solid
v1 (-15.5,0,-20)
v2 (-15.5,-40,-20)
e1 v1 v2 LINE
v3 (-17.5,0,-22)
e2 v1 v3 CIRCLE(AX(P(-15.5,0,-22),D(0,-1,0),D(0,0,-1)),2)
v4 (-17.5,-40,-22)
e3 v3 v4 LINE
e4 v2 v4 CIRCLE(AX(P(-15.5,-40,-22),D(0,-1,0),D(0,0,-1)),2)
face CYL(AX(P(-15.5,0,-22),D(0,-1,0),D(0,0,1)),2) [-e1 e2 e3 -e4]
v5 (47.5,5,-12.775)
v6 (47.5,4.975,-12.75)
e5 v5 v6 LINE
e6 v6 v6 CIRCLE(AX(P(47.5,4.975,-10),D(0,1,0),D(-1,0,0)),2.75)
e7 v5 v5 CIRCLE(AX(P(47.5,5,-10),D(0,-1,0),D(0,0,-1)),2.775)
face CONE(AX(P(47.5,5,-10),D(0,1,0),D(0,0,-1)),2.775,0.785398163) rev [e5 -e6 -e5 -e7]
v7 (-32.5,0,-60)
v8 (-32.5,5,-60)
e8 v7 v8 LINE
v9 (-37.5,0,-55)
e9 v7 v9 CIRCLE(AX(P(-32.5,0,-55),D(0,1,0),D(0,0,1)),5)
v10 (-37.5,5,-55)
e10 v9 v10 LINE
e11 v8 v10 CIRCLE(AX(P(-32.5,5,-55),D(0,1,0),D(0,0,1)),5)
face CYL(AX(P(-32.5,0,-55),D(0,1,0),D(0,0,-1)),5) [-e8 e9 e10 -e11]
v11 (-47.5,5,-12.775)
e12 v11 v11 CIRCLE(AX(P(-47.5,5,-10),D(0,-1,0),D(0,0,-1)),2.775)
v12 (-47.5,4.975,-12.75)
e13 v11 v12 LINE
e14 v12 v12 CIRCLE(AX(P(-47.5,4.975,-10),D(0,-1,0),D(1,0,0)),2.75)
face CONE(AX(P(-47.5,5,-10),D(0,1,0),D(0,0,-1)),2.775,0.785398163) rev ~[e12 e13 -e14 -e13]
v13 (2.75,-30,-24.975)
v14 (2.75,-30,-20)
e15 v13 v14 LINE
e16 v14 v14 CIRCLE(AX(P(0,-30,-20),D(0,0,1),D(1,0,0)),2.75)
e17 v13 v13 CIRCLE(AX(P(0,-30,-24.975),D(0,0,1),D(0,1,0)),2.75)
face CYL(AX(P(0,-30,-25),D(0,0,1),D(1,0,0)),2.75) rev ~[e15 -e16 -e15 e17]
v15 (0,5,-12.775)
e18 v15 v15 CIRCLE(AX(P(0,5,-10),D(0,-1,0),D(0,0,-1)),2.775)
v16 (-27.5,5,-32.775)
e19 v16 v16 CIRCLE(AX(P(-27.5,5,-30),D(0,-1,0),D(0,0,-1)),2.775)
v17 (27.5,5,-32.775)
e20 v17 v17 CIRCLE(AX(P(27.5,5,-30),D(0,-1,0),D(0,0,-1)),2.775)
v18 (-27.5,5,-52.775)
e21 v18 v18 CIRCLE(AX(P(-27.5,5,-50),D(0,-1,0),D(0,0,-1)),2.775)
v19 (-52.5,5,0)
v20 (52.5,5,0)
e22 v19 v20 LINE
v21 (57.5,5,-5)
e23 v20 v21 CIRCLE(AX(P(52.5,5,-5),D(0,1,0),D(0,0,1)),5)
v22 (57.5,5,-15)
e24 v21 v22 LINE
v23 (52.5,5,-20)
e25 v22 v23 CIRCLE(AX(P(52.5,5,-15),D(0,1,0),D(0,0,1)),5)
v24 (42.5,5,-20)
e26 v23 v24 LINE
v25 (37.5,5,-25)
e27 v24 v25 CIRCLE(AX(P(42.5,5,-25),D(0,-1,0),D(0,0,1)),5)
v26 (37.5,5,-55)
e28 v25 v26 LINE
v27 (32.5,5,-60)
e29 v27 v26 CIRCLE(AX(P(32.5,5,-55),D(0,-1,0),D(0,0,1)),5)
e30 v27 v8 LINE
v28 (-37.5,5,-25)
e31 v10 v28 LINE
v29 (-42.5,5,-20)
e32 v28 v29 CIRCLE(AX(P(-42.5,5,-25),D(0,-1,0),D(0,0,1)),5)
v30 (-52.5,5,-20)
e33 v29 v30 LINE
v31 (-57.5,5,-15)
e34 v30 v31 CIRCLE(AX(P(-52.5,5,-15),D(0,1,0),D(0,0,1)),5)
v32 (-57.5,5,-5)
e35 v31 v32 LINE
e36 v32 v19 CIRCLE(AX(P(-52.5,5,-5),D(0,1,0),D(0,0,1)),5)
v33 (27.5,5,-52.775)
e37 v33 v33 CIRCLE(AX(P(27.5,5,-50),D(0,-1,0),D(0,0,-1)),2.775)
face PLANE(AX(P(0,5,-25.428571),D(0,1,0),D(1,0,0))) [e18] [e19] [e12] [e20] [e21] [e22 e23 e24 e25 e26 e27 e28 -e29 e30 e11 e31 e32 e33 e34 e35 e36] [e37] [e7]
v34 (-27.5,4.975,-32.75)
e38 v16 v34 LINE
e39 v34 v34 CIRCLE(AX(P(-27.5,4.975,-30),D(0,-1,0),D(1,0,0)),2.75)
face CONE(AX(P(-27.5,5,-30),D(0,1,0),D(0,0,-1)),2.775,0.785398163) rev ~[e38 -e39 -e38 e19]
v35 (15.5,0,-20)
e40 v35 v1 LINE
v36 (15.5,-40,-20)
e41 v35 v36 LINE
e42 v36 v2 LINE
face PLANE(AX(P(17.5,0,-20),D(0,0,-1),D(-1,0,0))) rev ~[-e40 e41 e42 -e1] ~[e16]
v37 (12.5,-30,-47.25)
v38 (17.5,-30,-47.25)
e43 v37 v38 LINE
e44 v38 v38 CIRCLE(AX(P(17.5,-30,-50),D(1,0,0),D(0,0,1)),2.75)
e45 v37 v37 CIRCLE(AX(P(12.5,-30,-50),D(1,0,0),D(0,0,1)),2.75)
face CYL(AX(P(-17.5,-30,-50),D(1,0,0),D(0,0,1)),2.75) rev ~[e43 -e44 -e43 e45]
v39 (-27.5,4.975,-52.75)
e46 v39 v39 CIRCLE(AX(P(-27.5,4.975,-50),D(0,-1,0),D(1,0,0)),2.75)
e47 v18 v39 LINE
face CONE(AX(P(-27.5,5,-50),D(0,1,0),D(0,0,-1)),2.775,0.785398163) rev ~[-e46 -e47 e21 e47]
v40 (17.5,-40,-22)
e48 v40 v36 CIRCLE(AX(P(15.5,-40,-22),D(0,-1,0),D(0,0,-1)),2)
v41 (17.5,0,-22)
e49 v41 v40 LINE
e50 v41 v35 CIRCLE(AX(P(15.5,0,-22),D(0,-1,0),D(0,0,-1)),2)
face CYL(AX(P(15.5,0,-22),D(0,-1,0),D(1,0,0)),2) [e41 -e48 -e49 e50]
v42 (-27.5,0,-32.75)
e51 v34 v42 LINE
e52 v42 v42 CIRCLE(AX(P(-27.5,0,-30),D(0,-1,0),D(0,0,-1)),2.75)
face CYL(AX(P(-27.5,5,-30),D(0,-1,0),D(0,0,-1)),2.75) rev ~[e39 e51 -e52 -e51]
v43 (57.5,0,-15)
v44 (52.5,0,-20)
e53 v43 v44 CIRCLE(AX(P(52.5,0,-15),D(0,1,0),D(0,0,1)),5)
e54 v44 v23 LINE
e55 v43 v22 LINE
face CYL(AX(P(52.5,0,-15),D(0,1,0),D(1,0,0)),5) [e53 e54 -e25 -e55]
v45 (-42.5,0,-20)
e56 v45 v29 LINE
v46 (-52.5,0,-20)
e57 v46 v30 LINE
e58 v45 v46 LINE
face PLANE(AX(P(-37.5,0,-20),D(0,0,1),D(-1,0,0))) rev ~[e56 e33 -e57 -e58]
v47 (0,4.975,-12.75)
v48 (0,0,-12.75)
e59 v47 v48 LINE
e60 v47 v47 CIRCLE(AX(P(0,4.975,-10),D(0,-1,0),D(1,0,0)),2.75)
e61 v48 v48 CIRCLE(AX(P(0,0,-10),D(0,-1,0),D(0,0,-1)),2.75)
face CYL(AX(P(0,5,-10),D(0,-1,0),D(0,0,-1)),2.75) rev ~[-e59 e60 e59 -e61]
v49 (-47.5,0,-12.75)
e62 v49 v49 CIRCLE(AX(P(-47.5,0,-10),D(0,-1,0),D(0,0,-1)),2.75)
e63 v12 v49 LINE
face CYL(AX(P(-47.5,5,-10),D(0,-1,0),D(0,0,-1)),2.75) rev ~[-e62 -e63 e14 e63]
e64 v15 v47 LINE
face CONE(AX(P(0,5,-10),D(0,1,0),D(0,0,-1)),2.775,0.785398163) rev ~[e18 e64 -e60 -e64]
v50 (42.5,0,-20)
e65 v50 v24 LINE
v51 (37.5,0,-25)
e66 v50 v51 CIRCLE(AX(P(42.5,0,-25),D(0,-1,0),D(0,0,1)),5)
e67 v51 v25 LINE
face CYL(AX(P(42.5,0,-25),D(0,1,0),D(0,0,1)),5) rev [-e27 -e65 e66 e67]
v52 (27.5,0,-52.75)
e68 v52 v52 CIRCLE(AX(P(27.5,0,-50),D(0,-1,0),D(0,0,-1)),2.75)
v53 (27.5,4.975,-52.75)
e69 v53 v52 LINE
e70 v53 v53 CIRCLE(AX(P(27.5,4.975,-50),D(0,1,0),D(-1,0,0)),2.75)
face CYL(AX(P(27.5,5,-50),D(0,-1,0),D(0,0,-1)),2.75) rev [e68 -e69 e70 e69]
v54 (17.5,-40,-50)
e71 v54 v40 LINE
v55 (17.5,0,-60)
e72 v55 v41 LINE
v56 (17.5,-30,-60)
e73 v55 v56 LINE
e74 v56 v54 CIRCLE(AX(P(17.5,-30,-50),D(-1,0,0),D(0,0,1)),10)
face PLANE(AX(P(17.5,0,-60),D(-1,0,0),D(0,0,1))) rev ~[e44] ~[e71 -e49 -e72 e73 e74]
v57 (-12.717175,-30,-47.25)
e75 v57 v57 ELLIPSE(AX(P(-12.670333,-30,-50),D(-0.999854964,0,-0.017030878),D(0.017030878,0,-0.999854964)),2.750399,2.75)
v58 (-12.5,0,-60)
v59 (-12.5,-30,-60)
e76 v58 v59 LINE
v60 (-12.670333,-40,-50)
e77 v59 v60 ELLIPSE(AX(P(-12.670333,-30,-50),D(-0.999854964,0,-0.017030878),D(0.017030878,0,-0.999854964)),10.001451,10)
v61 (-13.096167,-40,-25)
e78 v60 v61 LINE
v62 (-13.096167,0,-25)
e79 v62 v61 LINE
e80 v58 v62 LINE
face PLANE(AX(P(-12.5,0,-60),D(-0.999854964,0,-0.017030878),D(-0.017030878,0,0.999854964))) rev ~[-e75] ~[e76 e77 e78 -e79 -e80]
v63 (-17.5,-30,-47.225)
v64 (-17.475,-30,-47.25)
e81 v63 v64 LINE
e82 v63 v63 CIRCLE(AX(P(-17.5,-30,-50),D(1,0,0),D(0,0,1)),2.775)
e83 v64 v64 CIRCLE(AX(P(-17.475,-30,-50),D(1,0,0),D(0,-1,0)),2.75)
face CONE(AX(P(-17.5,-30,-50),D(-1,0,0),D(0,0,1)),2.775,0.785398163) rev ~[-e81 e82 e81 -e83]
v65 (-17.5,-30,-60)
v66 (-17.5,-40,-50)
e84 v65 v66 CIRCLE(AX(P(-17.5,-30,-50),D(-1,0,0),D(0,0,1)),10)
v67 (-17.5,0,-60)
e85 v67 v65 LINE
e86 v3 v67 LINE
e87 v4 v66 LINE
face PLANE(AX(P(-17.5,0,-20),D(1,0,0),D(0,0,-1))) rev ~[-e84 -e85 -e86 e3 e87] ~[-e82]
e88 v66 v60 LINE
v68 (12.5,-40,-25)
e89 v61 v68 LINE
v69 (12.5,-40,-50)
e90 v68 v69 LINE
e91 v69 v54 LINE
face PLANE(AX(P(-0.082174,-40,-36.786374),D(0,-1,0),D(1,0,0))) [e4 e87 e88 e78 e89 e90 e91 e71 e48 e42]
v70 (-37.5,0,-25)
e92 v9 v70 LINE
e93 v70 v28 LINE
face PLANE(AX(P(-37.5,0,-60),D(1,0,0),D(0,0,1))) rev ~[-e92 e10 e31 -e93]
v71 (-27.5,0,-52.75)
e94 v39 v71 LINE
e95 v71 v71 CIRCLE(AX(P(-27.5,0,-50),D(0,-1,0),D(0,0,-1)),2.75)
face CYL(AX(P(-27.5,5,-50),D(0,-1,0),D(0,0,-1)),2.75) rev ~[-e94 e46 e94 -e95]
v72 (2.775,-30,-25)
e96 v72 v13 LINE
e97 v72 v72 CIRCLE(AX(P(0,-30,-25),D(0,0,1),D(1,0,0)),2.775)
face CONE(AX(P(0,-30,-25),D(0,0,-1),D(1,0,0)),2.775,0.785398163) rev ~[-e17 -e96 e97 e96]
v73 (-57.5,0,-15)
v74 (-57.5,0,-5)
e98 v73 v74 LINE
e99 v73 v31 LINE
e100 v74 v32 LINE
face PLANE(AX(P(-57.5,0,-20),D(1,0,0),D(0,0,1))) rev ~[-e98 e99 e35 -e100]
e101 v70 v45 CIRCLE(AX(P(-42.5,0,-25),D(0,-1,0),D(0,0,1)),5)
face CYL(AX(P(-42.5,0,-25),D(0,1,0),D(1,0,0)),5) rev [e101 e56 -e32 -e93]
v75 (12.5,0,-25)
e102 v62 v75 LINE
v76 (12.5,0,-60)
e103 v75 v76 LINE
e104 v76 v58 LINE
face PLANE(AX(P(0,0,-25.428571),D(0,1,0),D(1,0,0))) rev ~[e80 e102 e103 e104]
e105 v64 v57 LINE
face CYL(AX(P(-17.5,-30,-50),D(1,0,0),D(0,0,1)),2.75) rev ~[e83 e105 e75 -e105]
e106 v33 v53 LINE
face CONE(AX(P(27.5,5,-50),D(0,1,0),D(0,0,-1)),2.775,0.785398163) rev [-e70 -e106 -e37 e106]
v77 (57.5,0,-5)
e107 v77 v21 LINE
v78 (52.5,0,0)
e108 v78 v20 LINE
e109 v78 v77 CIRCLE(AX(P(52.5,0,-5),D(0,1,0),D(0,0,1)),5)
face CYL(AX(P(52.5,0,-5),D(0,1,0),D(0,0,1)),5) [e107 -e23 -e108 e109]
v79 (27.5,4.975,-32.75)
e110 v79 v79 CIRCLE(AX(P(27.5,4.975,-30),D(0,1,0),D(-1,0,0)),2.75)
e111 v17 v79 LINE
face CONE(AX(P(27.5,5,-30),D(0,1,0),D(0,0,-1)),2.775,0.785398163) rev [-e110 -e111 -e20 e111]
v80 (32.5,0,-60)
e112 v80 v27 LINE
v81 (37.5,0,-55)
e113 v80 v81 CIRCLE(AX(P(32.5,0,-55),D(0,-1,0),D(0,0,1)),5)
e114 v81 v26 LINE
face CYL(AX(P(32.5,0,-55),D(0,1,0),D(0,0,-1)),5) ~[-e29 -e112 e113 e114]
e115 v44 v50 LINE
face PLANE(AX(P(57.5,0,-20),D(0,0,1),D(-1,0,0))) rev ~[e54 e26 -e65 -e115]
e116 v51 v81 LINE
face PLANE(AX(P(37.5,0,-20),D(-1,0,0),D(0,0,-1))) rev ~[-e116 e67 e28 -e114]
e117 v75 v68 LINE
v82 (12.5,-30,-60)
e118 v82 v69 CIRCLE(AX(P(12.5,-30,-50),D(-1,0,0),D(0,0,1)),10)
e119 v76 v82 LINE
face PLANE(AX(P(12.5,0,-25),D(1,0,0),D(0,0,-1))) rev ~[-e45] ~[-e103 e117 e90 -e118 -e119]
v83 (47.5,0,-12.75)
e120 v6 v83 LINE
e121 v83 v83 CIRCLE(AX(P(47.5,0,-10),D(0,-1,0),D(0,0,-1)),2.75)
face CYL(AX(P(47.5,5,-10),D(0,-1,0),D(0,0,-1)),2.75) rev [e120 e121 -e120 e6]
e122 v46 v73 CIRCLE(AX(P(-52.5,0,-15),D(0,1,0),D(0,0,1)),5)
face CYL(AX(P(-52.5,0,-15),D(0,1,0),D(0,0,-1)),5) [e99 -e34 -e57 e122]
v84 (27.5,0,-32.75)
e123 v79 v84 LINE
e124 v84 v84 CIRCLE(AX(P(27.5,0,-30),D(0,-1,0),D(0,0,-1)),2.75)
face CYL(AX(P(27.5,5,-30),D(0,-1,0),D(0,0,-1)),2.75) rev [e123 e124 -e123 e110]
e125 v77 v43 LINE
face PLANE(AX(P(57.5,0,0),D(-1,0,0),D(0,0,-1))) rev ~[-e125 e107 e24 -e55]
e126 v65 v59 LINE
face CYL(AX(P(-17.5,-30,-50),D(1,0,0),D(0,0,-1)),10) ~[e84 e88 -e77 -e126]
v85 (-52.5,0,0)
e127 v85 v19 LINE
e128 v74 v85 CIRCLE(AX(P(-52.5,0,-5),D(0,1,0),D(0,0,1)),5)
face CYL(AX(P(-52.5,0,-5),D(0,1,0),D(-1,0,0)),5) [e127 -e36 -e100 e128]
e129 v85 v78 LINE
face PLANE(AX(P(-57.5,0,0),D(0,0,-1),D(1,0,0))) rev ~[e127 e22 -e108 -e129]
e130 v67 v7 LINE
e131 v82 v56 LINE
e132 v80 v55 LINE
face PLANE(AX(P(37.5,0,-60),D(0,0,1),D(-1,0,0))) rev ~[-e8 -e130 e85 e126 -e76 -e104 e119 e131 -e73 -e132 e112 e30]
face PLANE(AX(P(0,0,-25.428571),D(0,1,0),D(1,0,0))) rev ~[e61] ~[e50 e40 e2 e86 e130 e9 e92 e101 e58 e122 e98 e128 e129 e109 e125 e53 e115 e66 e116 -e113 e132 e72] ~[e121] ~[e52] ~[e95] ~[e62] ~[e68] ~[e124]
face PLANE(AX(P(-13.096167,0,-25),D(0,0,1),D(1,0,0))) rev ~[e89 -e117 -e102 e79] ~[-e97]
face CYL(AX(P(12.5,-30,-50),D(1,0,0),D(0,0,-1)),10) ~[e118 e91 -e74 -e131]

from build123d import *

# Parameters (mm, degrees)
BOSS_EXTRUDE1_DEPTH            = 5
BOSS_EXTRUDE2_DEPTH            = 40
M5_CLEARANCE_HOLE1_D           = 5.5
M5_CLEARANCE_HOLE1_CSINK_D     = 5.55
M5_CLEARANCE_HOLE1_CSINK_ANGLE = 90
M5_CLEARANCE_HOLE2_D           = 5.5
M5_CLEARANCE_HOLE2_CSINK_D     = 5.55
M5_CLEARANCE_HOLE2_CSINK_ANGLE = 90
FILLET1_R                      = 2
M5_CLEARANCE_HOLE3_D           = 5.5
M5_CLEARANCE_HOLE3_CSINK_D     = 5.55
M5_CLEARANCE_HOLE3_CSINK_ANGLE = 90
FILLET2_R                      = 5
M5_CLEARANCE_HOLE4_D           = 5.5
M5_CLEARANCE_HOLE4_CSINK_D     = 5.55
M5_CLEARANCE_HOLE4_CSINK_ANGLE = 90
M5_CLEARANCE_HOLE5_D           = 5.5
M5_CLEARANCE_HOLE5_CSINK_D     = 5.55
M5_CLEARANCE_HOLE5_CSINK_ANGLE = 90
FILLET3_R                      = 10


with BuildPart() as part:
    # Sketch2 → Boss-Extrude1 (new body)
    with BuildSketch(Plane(origin=(0, 0, 0), x_dir=(1, 0, 0), z_dir=(0, 1, 0))):
        Polygon((-57.5, 0), (57.5, 0), (57.5, 20), (37.5, 20), (37.5, 60), (-37.5, 60), (-37.5, 20), (-57.5, 20), align=None)
    extrude(amount=BOSS_EXTRUDE1_DEPTH)

    # Sketch3 → Boss-Extrude2 (add)
    with BuildSketch(Plane.XZ):
        Polygon((17.5, -60), (17.5, -20), (-17.5, -20), (-17.5, -60), (-12.5, -60), (-13.096167181, -25), (12.5, -25), (12.5, -60), align=None)
    extrude(amount=BOSS_EXTRUDE2_DEPTH)

    # M5 Clearance Hole1 (through all)
    with Locations(Plane(origin=(-27.5, 5, -50), x_dir=(0, 0, 1), z_dir=(0, 1, 0))):
        with Locations((0, 0), (20, 0)):
            m5_clearance_hole1 = CounterSinkHole(M5_CLEARANCE_HOLE1_D / 2, M5_CLEARANCE_HOLE1_CSINK_D / 2, counter_sink_angle=M5_CLEARANCE_HOLE1_CSINK_ANGLE)

    # Mirror1: M5 Clearance Hole1 across plane
    add(m5_clearance_hole1.mirror(Plane(origin=(0, 0, 0), x_dir=(0, 0, 1), z_dir=(1, 0, 0))), mode=Mode.SUBTRACT)

    # M5 Clearance Hole2 (through all)
    with Locations(Plane(origin=(-47.5, 5, -10), x_dir=(0, 0, 1), z_dir=(0, 1, 0))):
        with Locations((0, 0)):
            m5_clearance_hole2 = CounterSinkHole(M5_CLEARANCE_HOLE2_D / 2, M5_CLEARANCE_HOLE2_CSINK_D / 2, counter_sink_angle=M5_CLEARANCE_HOLE2_CSINK_ANGLE)

    # Mirror2: M5 Clearance Hole2 across plane
    add(m5_clearance_hole2.mirror(Plane(origin=(0, 0, 0), x_dir=(0, 0, 1), z_dir=(1, 0, 0))), mode=Mode.SUBTRACT)

    # Fillet1
    fillet1_edges = [part.edges().sort_by_distance(p)[0] for p in [
        (17.5, -20, -20),
        (-17.5, -20, -20),
    ]]
    fillet(fillet1_edges, radius=FILLET1_R)

    # M5 Clearance Hole3 (through all)
    with Locations(Plane(origin=(0, -30, -25), x_dir=(-1, 0, 0), z_dir=(0, 0, -1))):
        with Locations((0, 0)):
            CounterSinkHole(M5_CLEARANCE_HOLE3_D / 2, M5_CLEARANCE_HOLE3_CSINK_D / 2, counter_sink_angle=M5_CLEARANCE_HOLE3_CSINK_ANGLE)

    # Fillet2
    fillet2_edges = [part.edges().sort_by_distance(p)[0] for p in [
        (37.5, 2.5, -20),
        (57.5, 2.5, -20),
        (57.5, 2.5, 0),
        (-57.5, 2.5, 0),
        (-57.5, 2.5, -20),
        (-37.5, 2.5, -20),
        (-37.5, 2.5, -60),
        (37.5, 2.5, -60),
    ]]
    fillet(fillet2_edges, radius=FILLET2_R)

    # M5 Clearance Hole4 (through all)
    with Locations(Plane(origin=(0, 5, -10), x_dir=(0, 0, 1), z_dir=(0, 1, 0))):
        with Locations((0, 0)):
            CounterSinkHole(M5_CLEARANCE_HOLE4_D / 2, M5_CLEARANCE_HOLE4_CSINK_D / 2, counter_sink_angle=M5_CLEARANCE_HOLE4_CSINK_ANGLE)

    # M5 Clearance Hole5 (through all)
    with Locations(Plane(origin=(-17.5, -30, -50), x_dir=(0, 0, -1), z_dir=(-1, 0, 0))):
        with Locations((0, 0)):
            CounterSinkHole(M5_CLEARANCE_HOLE5_D / 2, M5_CLEARANCE_HOLE5_CSINK_D / 2, counter_sink_angle=M5_CLEARANCE_HOLE5_CSINK_ANGLE)

    # Fillet3
    fillet3_edges = [part.edges().sort_by_distance(p)[0] for p in [
        (15, -40, -60),
        (-15, -40, -60),
    ]]
    fillet(fillet3_edges, radius=FILLET3_R)


solid = part.part
